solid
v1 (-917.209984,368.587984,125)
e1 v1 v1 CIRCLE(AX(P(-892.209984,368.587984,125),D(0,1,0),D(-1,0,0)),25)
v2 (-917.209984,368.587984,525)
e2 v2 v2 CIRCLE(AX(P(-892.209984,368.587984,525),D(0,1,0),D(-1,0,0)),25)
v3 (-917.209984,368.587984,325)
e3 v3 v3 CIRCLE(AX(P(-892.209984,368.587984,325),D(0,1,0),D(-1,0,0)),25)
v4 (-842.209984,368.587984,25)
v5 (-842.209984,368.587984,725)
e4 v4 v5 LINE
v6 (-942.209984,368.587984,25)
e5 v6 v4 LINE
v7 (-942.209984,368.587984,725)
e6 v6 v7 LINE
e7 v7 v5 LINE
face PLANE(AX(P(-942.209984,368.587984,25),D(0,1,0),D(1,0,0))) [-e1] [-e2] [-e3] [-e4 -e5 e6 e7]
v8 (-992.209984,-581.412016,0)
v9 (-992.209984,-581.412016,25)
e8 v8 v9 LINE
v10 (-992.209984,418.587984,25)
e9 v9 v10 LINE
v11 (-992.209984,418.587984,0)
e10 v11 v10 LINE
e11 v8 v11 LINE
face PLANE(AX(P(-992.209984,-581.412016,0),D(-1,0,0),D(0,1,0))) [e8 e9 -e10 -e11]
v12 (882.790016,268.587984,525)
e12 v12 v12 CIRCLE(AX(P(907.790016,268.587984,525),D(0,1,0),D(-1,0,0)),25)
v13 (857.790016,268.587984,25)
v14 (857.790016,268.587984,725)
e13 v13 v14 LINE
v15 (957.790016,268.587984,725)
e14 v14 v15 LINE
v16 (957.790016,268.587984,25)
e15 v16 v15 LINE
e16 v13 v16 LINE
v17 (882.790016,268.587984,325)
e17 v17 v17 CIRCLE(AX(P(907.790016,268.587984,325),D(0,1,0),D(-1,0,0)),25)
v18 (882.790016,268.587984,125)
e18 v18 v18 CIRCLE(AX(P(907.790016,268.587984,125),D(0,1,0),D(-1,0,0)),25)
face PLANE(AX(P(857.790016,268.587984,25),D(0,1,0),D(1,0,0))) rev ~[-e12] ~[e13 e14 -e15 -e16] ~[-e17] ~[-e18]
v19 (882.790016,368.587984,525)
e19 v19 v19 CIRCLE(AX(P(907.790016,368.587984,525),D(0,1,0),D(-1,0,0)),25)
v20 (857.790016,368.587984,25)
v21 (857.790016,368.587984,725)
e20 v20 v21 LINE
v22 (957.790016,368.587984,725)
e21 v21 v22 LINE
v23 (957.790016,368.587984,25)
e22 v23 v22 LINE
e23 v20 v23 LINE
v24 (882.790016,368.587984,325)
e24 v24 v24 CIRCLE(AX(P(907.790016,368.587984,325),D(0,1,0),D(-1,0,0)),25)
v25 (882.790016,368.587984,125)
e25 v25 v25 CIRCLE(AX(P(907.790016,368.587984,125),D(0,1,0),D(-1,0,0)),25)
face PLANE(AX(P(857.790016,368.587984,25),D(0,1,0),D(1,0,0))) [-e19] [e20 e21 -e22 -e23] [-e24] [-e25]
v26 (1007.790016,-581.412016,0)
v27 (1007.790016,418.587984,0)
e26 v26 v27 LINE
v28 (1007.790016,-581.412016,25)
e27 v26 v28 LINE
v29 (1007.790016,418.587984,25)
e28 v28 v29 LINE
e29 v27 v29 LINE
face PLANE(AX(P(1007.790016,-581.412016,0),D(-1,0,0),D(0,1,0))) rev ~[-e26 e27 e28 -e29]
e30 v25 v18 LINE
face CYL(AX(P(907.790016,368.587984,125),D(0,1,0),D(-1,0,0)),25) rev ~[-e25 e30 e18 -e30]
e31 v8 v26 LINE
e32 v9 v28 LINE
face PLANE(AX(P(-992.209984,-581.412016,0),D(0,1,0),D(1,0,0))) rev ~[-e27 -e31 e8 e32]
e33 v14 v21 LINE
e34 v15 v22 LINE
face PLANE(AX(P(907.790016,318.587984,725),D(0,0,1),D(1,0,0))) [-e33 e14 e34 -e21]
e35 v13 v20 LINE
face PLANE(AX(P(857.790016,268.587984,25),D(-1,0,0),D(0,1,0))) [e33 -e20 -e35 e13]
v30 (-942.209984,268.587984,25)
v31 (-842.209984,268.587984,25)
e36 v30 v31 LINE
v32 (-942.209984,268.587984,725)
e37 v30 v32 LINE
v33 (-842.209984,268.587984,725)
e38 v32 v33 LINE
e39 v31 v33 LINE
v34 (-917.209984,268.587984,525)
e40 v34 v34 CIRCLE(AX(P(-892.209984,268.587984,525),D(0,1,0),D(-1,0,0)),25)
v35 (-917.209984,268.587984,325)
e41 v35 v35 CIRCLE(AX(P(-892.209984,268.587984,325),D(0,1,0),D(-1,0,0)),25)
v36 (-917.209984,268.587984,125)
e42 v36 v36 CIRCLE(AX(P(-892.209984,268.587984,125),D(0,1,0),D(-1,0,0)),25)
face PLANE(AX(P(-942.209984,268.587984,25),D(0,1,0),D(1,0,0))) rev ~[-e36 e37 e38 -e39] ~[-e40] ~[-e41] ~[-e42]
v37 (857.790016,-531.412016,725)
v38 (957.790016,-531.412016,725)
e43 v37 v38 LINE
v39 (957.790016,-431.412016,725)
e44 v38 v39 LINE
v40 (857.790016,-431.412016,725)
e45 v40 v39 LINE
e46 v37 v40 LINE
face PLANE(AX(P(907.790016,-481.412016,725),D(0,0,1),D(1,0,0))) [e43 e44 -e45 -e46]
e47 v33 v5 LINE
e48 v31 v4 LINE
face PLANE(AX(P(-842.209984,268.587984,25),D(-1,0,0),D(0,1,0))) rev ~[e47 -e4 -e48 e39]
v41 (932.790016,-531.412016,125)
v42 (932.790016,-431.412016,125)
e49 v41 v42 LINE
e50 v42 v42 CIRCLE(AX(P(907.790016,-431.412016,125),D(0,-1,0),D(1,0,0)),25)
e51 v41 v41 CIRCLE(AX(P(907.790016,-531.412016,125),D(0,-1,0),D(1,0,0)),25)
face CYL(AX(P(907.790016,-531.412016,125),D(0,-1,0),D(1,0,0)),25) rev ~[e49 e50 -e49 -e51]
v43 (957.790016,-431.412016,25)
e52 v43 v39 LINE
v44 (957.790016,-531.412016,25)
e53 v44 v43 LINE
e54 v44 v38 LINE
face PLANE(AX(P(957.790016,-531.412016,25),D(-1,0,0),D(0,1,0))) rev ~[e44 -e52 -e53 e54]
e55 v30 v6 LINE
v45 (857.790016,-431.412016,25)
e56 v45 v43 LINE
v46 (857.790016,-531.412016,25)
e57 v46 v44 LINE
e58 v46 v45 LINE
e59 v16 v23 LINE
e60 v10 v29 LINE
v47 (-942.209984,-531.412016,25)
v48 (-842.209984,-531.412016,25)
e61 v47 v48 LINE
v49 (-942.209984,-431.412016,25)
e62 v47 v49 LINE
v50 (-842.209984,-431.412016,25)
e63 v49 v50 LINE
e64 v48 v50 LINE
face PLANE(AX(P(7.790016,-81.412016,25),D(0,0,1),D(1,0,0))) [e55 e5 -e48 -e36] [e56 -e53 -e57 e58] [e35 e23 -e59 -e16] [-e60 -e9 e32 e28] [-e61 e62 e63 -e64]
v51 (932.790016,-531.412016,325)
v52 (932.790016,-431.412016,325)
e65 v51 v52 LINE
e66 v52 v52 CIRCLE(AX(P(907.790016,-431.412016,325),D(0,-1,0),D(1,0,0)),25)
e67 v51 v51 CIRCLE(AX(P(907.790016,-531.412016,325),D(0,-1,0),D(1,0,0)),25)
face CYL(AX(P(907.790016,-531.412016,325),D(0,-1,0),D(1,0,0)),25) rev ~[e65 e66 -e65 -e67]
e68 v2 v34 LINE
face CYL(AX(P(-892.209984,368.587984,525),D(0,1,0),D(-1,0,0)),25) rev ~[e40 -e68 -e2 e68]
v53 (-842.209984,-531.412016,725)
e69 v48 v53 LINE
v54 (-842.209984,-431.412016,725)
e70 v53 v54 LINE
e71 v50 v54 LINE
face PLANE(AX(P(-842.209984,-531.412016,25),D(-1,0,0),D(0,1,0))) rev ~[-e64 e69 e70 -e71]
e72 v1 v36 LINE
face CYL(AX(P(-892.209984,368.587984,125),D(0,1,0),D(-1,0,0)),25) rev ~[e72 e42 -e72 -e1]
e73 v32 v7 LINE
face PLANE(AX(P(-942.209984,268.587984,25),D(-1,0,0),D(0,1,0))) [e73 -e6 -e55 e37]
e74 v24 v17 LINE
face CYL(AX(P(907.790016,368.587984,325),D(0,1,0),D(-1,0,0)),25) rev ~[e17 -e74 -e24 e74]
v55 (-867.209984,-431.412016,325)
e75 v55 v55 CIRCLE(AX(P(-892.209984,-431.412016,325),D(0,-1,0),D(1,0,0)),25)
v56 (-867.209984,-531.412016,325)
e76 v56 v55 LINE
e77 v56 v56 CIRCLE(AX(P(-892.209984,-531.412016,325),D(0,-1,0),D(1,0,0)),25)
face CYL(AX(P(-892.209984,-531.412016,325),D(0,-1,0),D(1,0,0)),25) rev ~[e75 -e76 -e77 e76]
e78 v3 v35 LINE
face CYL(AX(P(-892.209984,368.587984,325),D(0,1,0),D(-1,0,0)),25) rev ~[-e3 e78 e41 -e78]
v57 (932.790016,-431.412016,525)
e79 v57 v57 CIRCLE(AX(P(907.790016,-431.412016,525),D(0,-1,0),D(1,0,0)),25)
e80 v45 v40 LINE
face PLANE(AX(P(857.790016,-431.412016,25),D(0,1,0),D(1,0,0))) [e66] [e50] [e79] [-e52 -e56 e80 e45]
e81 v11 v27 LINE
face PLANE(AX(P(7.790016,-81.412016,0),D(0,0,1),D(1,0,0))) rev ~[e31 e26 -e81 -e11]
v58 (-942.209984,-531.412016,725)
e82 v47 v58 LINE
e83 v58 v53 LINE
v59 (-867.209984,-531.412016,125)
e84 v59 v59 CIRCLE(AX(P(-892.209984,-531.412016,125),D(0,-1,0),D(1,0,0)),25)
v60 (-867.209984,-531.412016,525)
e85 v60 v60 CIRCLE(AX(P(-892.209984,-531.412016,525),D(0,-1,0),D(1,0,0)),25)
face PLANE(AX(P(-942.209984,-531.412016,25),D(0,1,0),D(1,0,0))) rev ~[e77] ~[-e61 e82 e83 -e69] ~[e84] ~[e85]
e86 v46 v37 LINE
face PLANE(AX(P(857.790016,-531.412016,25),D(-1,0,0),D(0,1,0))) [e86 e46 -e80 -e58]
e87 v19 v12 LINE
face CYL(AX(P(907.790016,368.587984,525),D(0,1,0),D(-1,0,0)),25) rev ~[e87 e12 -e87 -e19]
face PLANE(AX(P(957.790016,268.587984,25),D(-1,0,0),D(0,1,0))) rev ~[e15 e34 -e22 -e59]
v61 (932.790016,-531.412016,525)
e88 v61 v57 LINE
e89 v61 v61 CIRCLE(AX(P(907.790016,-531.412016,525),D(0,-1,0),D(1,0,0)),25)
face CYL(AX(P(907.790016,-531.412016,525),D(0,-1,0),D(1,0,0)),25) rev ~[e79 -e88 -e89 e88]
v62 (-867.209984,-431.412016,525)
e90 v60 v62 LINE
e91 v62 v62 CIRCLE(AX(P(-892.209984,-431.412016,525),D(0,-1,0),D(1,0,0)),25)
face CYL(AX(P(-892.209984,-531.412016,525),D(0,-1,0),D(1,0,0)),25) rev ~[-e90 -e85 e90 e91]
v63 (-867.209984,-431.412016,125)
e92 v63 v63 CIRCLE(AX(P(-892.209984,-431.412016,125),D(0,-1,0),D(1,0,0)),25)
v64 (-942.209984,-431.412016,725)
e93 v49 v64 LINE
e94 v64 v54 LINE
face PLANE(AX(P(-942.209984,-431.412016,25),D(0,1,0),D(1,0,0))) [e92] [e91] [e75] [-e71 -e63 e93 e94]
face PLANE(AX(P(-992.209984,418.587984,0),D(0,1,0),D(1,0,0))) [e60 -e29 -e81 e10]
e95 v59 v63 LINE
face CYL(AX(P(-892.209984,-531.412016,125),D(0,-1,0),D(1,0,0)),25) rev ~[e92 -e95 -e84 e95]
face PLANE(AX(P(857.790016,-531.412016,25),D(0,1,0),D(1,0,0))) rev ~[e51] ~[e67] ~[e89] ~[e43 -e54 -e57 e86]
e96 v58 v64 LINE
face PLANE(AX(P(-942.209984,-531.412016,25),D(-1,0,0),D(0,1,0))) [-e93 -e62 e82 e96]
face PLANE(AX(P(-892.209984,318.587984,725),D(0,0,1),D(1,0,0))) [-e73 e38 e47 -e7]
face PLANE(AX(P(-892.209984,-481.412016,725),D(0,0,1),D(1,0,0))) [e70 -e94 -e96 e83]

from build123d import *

# Parameters (mm, degrees)
F0_W      = 2000
F0_H      = 1000
F1_DEPTH  = 25
F2_W      = 100
F2_H      = 100
F3_DEPTH  = 700
F4_R      = 25
F5_DEPTH  = 100
F6_W      = 100
F6_H      = 100
F7_DEPTH  = 700
F8_R      = 25
F9_DEPTH  = 100
F10_W     = 100
F10_H     = 100
F11_DEPTH = 700
F12_R     = 25
F13_DEPTH = 100
F14_W     = 100
F14_H     = 100
F15_DEPTH = 700
F16_R     = 25
F17_DEPTH = 100


with BuildPart() as f1:
    # F0 (on Top) → F1 (new body)
    with BuildSketch(Plane.XY):
        with Locations((7.790016, -81.412016)):
            Rectangle(F0_W, F0_H)
    extrude(amount=F1_DEPTH)

    # F2 (on face) → F3 (join)
    with BuildSketch(Plane.XY.offset(25)):
        with Locations((-892.209984, 318.587984)):
            Rectangle(F2_W, F2_H)
    extrude(amount=F3_DEPTH)

    # F4 (on face) → F5 (cut)
    with BuildSketch(Plane(origin=(0, 368.587984, 0), x_dir=(-1, 0, 0), z_dir=(0, 1, 0))):
        with Locations((892.209984, 125)):
            Circle(F4_R)
        with Locations((892.209984, 325)):
            Circle(F4_R)
        with Locations((892.209984, 525)):
            Circle(F4_R)
    extrude(amount=-F5_DEPTH, mode=Mode.SUBTRACT)

    # F6 (on face) → F7 (join)
    with BuildSketch(Plane.XY.offset(25)):
        with Locations((907.790016, 318.587984)):
            Rectangle(F6_W, F6_H)
    extrude(amount=F7_DEPTH)

    # F8 (on face) → F9 (cut)
    with BuildSketch(Plane(origin=(0, 368.587984, 0), x_dir=(-1, 0, 0), z_dir=(0, 1, 0))):
        with Locations((-907.790016, 125)):
            Circle(F8_R)
        with Locations((-907.790016, 325)):
            Circle(F8_R)
        with Locations((-907.790016, 525)):
            Circle(F8_R)
    extrude(amount=-F9_DEPTH, mode=Mode.SUBTRACT)

    # F10 (on face) → F11 (join)
    with BuildSketch(Plane.XY.offset(25)):
        with Locations((-892.209984, -481.412016)):
            Rectangle(F10_W, F10_H)
    extrude(amount=F11_DEPTH)

    # F12 (on face) → F13 (cut)
    with BuildSketch(Plane.XZ.offset(531.412016)):
        with Locations((-892.209984, 525)):
            Circle(F12_R)
        with Locations((-892.209984, 325)):
            Circle(F12_R)
        with Locations((-892.209984, 125)):
            Circle(F12_R)
    extrude(amount=-F13_DEPTH, mode=Mode.SUBTRACT)

    # F14 (on face) → F15 (join)
    with BuildSketch(Plane.XY.offset(25)):
        with Locations((907.790016, -481.412016)):
            Rectangle(F14_W, F14_H)
    extrude(amount=F15_DEPTH)

    # F16 (on face) → F17 (cut)
    with BuildSketch(Plane.XZ.offset(531.412016)):
        with Locations((907.790016, 525)):
            Circle(F16_R)
        with Locations((907.790016, 325)):
            Circle(F16_R)
        with Locations((907.790016, 125)):
            Circle(F16_R)
    extrude(amount=-F17_DEPTH, mode=Mode.SUBTRACT)


solid = f1.part
